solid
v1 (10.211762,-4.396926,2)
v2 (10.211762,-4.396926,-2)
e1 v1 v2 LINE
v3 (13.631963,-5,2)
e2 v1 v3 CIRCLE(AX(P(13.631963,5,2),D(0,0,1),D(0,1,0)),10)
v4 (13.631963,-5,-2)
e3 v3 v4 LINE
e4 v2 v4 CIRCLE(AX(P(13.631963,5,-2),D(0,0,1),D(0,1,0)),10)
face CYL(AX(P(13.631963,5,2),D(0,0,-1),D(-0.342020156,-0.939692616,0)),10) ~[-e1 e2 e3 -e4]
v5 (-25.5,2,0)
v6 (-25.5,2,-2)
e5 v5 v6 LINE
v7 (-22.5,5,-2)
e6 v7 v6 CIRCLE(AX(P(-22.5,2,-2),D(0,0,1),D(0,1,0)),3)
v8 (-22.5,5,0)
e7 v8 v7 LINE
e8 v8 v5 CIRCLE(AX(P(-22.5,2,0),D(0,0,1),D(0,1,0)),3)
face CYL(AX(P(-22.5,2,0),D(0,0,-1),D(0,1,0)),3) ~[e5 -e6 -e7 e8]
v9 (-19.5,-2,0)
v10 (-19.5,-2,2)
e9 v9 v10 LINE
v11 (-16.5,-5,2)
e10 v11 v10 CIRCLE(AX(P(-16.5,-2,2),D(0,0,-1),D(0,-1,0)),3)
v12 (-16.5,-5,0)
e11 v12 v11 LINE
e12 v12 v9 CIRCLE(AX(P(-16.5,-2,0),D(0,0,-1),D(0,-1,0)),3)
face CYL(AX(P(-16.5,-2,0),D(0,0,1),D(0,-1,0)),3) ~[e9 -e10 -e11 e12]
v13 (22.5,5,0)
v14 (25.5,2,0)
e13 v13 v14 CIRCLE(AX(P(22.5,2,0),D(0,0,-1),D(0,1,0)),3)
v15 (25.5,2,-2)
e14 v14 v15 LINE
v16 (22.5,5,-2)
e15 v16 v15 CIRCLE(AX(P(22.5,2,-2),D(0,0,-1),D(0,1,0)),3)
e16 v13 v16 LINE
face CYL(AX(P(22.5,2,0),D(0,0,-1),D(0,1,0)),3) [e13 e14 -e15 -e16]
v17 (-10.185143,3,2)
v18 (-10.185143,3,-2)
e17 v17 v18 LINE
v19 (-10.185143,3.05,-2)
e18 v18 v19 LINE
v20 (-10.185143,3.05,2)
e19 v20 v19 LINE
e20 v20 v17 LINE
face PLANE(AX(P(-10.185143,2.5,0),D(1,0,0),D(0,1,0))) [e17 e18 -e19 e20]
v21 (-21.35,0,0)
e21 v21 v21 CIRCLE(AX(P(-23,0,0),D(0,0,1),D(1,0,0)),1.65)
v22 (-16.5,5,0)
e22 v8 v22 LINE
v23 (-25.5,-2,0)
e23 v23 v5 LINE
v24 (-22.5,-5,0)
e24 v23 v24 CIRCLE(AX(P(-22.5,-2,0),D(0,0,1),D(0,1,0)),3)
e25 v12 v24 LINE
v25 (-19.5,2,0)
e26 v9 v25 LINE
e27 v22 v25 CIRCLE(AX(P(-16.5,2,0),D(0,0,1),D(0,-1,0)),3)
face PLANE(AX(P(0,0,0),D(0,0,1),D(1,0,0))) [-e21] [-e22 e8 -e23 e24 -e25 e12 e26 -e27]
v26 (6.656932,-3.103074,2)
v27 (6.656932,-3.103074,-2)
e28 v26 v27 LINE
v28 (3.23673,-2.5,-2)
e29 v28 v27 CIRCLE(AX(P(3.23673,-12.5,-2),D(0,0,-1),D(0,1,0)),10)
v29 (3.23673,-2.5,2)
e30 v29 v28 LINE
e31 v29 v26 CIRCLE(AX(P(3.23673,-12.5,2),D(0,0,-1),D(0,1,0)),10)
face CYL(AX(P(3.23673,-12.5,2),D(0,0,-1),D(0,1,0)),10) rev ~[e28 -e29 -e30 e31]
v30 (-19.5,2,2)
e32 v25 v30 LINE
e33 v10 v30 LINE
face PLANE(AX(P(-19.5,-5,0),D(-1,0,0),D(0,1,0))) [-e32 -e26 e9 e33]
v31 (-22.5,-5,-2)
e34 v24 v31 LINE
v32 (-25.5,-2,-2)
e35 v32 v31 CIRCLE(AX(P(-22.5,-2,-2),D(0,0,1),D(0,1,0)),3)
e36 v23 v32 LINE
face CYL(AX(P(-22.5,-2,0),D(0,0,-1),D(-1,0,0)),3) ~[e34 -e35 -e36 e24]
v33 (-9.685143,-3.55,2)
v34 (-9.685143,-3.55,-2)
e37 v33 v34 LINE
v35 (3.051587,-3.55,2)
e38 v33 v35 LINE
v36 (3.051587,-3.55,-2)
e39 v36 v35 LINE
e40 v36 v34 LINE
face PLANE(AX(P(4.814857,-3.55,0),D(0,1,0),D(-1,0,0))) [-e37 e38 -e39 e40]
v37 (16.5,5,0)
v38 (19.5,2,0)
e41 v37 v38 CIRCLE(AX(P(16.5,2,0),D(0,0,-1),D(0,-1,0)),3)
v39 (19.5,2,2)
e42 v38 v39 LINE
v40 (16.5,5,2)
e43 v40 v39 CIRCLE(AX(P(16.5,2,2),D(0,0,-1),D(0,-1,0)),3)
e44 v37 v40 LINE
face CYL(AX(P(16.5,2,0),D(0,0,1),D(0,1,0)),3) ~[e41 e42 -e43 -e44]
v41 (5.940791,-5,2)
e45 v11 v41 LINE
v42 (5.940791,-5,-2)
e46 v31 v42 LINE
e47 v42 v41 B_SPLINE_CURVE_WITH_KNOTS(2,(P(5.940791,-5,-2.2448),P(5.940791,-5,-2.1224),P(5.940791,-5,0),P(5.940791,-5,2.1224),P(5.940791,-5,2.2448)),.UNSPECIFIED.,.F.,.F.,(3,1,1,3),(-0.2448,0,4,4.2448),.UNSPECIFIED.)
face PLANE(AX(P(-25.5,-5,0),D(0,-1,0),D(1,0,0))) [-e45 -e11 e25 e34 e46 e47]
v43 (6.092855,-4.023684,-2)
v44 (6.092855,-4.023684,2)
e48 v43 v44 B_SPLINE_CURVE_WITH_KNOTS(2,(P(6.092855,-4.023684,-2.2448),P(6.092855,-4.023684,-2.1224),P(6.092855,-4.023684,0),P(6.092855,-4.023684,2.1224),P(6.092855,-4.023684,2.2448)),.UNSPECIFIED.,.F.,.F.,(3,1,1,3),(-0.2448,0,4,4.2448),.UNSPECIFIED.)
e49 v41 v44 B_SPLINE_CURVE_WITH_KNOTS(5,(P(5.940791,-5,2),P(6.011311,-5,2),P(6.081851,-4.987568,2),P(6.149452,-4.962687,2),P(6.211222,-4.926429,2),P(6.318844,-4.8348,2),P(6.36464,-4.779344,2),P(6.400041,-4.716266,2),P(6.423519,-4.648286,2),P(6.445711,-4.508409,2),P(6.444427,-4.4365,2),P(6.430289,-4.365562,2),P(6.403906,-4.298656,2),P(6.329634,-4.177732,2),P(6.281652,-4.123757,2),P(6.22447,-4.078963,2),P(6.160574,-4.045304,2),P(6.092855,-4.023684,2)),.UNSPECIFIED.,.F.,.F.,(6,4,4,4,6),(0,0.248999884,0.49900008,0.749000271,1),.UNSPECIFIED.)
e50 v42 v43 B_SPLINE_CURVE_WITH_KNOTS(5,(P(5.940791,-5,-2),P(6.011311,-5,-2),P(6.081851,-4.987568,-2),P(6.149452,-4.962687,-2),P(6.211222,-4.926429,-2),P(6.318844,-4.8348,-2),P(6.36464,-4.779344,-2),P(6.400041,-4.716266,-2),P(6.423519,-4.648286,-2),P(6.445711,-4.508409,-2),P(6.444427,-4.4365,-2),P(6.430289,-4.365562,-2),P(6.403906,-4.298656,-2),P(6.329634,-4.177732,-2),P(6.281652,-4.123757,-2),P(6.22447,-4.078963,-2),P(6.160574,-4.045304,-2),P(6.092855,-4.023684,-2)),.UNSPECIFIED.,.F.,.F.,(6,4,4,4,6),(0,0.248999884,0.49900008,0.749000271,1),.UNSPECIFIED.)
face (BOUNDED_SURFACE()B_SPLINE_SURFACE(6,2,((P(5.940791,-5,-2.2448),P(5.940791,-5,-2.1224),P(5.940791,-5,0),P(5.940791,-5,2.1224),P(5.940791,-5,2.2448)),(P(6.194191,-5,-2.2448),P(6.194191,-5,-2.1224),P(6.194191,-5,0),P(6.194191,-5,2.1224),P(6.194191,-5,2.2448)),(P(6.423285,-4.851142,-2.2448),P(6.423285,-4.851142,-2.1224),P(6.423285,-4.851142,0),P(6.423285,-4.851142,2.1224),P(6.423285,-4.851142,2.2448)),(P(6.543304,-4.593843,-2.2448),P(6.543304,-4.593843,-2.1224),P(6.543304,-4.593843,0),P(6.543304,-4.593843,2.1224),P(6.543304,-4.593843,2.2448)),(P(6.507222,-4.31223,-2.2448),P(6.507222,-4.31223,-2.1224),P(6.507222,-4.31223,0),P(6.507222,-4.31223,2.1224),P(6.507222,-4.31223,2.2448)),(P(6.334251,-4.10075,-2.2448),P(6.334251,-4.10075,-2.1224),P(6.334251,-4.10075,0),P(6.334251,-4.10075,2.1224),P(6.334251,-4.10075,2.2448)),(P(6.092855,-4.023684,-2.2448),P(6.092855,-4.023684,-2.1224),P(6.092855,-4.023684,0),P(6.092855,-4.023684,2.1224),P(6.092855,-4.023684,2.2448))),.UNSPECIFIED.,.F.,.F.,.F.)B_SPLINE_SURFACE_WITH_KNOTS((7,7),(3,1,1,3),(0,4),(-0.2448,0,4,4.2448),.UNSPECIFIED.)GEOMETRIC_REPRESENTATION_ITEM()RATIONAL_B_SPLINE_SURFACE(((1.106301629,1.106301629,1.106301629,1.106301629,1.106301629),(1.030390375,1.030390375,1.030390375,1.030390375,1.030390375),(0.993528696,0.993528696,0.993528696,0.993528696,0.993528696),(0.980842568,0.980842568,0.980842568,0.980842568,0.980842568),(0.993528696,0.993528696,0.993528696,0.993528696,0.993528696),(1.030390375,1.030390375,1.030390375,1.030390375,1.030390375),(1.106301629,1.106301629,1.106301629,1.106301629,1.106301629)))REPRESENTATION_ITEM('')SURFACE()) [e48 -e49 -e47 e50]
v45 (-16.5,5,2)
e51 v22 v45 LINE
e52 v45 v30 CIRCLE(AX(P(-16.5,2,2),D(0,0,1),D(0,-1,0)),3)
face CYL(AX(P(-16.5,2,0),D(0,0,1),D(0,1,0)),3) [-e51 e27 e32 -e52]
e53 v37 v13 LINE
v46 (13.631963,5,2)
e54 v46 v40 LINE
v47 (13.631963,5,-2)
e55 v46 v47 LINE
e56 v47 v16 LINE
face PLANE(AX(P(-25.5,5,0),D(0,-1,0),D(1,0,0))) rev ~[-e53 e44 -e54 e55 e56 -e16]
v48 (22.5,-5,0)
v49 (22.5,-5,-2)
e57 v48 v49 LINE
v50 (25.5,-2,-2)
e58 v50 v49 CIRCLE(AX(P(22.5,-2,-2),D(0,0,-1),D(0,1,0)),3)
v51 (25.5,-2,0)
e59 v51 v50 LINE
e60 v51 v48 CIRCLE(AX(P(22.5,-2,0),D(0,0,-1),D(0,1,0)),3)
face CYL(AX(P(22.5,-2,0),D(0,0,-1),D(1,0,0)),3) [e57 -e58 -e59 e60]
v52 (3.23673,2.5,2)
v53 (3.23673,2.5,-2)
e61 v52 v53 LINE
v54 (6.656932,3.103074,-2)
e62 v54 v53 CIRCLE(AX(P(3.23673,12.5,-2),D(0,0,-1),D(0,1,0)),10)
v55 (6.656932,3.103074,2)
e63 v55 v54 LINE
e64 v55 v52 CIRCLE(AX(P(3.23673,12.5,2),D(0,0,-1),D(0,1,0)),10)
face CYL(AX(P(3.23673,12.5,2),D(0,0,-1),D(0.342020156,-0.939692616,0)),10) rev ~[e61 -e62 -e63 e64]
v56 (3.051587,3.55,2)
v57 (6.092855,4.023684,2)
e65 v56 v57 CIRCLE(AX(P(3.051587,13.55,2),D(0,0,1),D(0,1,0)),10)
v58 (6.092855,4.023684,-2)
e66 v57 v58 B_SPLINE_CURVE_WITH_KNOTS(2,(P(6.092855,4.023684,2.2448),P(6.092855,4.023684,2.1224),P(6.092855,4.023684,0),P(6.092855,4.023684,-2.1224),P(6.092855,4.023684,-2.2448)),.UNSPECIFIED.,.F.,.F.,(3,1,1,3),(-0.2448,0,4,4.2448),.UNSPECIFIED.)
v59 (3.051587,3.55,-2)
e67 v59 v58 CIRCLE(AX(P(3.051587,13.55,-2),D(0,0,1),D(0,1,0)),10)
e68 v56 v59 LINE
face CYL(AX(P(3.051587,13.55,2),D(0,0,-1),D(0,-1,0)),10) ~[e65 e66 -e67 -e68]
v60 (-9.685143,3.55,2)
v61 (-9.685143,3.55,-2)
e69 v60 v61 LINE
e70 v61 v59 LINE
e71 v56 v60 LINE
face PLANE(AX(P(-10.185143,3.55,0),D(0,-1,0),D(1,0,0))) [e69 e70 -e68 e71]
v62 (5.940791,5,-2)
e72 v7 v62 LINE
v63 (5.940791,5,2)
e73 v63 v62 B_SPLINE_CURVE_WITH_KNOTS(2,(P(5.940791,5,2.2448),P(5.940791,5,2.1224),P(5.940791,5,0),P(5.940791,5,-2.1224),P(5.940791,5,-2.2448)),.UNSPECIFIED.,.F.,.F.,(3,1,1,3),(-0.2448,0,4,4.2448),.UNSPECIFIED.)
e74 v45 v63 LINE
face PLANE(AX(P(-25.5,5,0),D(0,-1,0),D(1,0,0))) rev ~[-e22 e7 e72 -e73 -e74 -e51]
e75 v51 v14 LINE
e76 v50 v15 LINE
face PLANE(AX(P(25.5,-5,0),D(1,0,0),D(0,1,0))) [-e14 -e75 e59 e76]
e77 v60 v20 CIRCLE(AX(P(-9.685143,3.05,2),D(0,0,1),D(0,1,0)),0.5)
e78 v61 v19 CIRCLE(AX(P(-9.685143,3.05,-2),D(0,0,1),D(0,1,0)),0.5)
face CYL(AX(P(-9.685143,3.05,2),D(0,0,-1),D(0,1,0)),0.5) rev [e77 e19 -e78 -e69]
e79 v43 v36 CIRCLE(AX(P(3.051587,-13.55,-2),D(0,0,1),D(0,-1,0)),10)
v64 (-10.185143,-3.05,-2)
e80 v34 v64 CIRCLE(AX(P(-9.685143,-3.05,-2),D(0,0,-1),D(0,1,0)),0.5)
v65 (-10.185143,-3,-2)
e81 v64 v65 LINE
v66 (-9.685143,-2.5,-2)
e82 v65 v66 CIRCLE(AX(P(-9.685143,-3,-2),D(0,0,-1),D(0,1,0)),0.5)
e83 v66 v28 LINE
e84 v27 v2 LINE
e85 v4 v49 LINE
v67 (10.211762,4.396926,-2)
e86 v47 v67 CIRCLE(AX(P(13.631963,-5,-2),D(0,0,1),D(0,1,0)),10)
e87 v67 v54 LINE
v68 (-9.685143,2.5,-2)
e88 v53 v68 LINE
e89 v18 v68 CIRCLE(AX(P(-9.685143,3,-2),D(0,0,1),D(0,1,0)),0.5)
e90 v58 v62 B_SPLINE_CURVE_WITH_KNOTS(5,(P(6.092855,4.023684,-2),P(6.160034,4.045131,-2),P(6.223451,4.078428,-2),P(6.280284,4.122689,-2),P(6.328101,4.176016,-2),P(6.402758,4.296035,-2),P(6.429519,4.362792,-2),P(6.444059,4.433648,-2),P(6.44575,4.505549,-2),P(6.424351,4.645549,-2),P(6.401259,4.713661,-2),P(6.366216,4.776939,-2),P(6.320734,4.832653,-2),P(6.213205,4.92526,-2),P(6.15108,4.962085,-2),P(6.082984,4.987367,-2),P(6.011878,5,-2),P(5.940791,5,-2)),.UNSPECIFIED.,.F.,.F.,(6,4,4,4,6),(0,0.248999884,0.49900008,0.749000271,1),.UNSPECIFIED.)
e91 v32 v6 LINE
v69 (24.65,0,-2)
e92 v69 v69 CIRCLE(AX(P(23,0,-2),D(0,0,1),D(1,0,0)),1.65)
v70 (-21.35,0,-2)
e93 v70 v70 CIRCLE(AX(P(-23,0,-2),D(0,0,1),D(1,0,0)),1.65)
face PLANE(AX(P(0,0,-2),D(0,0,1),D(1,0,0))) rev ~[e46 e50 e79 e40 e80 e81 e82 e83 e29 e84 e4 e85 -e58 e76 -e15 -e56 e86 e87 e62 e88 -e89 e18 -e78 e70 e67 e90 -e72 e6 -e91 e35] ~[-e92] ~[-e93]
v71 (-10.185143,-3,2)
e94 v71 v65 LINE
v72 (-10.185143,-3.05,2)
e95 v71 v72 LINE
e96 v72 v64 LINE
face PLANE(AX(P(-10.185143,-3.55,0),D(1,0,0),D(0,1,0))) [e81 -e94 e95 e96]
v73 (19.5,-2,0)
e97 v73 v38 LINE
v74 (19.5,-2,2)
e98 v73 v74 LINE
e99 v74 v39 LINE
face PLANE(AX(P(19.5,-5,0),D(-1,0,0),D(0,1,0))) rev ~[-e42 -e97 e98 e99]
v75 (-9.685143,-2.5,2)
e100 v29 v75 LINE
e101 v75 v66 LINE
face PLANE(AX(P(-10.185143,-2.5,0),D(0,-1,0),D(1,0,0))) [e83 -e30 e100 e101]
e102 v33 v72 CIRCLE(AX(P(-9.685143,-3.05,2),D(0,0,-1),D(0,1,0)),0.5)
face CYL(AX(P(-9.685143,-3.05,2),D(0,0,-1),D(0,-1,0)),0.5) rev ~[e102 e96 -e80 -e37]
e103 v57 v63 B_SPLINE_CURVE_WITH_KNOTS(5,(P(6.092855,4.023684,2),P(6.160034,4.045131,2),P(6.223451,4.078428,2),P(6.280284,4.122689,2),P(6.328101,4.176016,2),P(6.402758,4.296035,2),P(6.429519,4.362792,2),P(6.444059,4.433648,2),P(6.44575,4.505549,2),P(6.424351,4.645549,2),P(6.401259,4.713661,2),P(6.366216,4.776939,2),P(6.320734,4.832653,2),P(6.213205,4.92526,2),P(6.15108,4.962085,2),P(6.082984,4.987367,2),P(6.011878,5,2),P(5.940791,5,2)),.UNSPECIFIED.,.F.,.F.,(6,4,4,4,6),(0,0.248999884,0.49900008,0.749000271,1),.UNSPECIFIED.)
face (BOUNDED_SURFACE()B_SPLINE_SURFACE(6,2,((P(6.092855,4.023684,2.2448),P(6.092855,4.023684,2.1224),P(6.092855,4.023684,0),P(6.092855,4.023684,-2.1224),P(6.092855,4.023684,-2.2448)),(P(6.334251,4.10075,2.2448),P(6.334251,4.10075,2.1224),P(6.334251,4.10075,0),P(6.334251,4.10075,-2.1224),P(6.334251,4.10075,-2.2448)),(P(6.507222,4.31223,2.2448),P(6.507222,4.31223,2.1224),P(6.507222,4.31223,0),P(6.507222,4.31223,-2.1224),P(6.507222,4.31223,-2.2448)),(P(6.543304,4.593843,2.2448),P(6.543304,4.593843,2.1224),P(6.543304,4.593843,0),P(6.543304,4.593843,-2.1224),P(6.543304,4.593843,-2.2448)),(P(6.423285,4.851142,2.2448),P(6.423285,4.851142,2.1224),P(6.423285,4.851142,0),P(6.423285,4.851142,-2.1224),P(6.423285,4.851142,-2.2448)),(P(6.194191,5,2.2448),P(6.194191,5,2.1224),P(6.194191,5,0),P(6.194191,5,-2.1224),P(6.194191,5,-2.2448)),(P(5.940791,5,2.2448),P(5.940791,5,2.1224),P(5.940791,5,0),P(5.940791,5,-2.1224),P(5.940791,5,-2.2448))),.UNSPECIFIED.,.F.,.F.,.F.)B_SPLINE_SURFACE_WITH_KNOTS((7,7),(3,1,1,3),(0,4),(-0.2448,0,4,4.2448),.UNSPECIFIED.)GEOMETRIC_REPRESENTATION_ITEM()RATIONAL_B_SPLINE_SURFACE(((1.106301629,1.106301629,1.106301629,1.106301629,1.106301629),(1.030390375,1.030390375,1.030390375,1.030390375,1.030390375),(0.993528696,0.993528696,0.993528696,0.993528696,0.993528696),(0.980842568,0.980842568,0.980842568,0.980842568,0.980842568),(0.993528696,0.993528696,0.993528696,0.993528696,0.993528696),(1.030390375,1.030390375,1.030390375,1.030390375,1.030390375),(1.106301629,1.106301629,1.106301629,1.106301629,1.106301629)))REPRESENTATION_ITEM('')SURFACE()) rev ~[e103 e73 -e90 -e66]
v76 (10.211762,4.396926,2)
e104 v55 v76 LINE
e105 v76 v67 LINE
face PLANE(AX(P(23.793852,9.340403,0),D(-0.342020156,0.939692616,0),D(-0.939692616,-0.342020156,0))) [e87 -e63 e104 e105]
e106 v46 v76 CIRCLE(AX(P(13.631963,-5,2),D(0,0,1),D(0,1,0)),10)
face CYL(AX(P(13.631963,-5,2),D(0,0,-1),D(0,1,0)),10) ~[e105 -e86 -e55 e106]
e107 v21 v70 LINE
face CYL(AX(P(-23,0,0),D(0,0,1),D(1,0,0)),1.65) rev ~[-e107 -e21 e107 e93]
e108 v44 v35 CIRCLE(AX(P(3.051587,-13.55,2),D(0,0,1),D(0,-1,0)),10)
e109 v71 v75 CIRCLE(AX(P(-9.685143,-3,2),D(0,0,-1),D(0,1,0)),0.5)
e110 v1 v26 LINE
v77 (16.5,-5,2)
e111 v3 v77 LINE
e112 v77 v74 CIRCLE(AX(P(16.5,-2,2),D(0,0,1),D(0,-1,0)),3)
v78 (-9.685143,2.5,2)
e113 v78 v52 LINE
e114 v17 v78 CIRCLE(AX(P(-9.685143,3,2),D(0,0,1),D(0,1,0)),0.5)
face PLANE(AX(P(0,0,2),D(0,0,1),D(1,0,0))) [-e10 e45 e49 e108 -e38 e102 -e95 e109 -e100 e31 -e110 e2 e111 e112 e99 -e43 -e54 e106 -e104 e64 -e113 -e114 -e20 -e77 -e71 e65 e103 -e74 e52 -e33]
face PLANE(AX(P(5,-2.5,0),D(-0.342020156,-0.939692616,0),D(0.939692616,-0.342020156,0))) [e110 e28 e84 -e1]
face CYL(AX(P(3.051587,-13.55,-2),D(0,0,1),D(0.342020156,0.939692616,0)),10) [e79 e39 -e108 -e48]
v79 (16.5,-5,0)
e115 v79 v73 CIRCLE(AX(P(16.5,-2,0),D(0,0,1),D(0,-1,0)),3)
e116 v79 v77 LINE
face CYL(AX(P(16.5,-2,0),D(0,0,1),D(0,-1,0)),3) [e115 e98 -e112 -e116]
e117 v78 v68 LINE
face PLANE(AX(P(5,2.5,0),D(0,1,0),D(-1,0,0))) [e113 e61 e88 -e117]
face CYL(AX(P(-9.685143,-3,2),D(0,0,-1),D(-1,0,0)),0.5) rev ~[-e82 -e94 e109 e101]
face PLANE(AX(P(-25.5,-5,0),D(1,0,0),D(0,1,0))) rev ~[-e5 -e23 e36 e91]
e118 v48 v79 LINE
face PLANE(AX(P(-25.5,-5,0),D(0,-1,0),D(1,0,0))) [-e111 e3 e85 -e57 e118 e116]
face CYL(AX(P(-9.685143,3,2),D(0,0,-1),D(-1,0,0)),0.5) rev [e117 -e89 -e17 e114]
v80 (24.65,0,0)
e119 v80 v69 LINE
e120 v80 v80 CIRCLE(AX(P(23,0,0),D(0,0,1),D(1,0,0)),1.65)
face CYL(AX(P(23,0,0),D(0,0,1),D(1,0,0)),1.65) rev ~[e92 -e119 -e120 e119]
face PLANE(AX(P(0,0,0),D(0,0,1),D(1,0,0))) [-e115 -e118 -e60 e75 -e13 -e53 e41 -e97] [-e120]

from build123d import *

# Parameters (mm, degrees)
SKETCH_W          = 51
SKETCH_H          = 10
SKETCH_R          = 1.65
PAD_DEPTH         = 2
SKETCH001_W       = 39
SKETCH001_H       = 10
PAD001_DEPTH      = 2
POCKET_DEPTH      = 2.001
POCKET_DEPTH_BACK = -2.001
FILLET_R          = 10
FILLET001_R       = 0.5
FILLET002_R       = 3


with BuildPart() as part:
    # Sketch → Pad (new body)
    with BuildSketch(Plane.XY):
        Rectangle(SKETCH_W, SKETCH_H)
        with Locations((-23, 0)):
            Circle(SKETCH_R, mode=Mode.SUBTRACT)
        with Locations((23, 0)):
            Circle(SKETCH_R, mode=Mode.SUBTRACT)
    extrude(amount=-PAD_DEPTH)

    # Sketch001 → Pad001 (join)
    with BuildSketch(Plane.XY):
        Rectangle(SKETCH001_W, SKETCH001_H)
    extrude(amount=PAD001_DEPTH)

    # Sketch002 → Pocket (cut, two sides)
    with BuildSketch(Plane.XY) as pocket_sk:
        Polygon((-10.185143, 3.55), (4.814857, 3.55), (23.608709, 10.390403), (23.793852, 9.340403), (5, 2.5), (-10.185143, 2.5), align=None)
        Polygon((-10.185143, -2.5), (5, -2.5), (23.793852, -9.340403), (23.608709, -10.390403), (4.814857, -3.55), (-10.185143, -3.55), align=None)
    extrude(amount=-POCKET_DEPTH, mode=Mode.SUBTRACT)
    extrude(pocket_sk.sketch, amount=-POCKET_DEPTH_BACK, mode=Mode.SUBTRACT)

    # Fillet
    fillet_edges = [part.edges().sort_by_distance(p)[0] for p in [
        (4.814857, -3.55, 0),
        (5, -2.5, 0),
        (5, 2.5, 0),
        (4.814857, 3.55, 0),
        (11.868694, -5, -1),
        (11.868694, 5, -1),
    ]]
    fillet(fillet_edges, radius=FILLET_R)

    # Fillet001
    fillet001_edges = [part.edges().sort_by_distance(p)[0] for p in [
        (8.798699, -5, -1),
        (8.798699, 5, -1),
        (-10.185143, -3.55, 0),
        (-10.185143, -2.5, 0),
        (-10.185143, 2.5, 0),
        (-10.185143, 3.55, 0),
    ]]
    fillet(fillet001_edges, radius=FILLET001_R)

    # Fillet002
    fillet002_edges = [part.edges().sort_by_distance(p)[0] for p in [
        (-25.5, -5, -1),
        (-25.5, 5, -1),
        (25.5, 5, -1),
        (25.5, -5, -1),
        (19.5, 5, 1),
        (19.5, -5, 1),
        (-19.5, 5, 1),
        (-19.5, -5, 1),
    ]]
    fillet(fillet002_edges, radius=FILLET002_R)


solid = part.part
